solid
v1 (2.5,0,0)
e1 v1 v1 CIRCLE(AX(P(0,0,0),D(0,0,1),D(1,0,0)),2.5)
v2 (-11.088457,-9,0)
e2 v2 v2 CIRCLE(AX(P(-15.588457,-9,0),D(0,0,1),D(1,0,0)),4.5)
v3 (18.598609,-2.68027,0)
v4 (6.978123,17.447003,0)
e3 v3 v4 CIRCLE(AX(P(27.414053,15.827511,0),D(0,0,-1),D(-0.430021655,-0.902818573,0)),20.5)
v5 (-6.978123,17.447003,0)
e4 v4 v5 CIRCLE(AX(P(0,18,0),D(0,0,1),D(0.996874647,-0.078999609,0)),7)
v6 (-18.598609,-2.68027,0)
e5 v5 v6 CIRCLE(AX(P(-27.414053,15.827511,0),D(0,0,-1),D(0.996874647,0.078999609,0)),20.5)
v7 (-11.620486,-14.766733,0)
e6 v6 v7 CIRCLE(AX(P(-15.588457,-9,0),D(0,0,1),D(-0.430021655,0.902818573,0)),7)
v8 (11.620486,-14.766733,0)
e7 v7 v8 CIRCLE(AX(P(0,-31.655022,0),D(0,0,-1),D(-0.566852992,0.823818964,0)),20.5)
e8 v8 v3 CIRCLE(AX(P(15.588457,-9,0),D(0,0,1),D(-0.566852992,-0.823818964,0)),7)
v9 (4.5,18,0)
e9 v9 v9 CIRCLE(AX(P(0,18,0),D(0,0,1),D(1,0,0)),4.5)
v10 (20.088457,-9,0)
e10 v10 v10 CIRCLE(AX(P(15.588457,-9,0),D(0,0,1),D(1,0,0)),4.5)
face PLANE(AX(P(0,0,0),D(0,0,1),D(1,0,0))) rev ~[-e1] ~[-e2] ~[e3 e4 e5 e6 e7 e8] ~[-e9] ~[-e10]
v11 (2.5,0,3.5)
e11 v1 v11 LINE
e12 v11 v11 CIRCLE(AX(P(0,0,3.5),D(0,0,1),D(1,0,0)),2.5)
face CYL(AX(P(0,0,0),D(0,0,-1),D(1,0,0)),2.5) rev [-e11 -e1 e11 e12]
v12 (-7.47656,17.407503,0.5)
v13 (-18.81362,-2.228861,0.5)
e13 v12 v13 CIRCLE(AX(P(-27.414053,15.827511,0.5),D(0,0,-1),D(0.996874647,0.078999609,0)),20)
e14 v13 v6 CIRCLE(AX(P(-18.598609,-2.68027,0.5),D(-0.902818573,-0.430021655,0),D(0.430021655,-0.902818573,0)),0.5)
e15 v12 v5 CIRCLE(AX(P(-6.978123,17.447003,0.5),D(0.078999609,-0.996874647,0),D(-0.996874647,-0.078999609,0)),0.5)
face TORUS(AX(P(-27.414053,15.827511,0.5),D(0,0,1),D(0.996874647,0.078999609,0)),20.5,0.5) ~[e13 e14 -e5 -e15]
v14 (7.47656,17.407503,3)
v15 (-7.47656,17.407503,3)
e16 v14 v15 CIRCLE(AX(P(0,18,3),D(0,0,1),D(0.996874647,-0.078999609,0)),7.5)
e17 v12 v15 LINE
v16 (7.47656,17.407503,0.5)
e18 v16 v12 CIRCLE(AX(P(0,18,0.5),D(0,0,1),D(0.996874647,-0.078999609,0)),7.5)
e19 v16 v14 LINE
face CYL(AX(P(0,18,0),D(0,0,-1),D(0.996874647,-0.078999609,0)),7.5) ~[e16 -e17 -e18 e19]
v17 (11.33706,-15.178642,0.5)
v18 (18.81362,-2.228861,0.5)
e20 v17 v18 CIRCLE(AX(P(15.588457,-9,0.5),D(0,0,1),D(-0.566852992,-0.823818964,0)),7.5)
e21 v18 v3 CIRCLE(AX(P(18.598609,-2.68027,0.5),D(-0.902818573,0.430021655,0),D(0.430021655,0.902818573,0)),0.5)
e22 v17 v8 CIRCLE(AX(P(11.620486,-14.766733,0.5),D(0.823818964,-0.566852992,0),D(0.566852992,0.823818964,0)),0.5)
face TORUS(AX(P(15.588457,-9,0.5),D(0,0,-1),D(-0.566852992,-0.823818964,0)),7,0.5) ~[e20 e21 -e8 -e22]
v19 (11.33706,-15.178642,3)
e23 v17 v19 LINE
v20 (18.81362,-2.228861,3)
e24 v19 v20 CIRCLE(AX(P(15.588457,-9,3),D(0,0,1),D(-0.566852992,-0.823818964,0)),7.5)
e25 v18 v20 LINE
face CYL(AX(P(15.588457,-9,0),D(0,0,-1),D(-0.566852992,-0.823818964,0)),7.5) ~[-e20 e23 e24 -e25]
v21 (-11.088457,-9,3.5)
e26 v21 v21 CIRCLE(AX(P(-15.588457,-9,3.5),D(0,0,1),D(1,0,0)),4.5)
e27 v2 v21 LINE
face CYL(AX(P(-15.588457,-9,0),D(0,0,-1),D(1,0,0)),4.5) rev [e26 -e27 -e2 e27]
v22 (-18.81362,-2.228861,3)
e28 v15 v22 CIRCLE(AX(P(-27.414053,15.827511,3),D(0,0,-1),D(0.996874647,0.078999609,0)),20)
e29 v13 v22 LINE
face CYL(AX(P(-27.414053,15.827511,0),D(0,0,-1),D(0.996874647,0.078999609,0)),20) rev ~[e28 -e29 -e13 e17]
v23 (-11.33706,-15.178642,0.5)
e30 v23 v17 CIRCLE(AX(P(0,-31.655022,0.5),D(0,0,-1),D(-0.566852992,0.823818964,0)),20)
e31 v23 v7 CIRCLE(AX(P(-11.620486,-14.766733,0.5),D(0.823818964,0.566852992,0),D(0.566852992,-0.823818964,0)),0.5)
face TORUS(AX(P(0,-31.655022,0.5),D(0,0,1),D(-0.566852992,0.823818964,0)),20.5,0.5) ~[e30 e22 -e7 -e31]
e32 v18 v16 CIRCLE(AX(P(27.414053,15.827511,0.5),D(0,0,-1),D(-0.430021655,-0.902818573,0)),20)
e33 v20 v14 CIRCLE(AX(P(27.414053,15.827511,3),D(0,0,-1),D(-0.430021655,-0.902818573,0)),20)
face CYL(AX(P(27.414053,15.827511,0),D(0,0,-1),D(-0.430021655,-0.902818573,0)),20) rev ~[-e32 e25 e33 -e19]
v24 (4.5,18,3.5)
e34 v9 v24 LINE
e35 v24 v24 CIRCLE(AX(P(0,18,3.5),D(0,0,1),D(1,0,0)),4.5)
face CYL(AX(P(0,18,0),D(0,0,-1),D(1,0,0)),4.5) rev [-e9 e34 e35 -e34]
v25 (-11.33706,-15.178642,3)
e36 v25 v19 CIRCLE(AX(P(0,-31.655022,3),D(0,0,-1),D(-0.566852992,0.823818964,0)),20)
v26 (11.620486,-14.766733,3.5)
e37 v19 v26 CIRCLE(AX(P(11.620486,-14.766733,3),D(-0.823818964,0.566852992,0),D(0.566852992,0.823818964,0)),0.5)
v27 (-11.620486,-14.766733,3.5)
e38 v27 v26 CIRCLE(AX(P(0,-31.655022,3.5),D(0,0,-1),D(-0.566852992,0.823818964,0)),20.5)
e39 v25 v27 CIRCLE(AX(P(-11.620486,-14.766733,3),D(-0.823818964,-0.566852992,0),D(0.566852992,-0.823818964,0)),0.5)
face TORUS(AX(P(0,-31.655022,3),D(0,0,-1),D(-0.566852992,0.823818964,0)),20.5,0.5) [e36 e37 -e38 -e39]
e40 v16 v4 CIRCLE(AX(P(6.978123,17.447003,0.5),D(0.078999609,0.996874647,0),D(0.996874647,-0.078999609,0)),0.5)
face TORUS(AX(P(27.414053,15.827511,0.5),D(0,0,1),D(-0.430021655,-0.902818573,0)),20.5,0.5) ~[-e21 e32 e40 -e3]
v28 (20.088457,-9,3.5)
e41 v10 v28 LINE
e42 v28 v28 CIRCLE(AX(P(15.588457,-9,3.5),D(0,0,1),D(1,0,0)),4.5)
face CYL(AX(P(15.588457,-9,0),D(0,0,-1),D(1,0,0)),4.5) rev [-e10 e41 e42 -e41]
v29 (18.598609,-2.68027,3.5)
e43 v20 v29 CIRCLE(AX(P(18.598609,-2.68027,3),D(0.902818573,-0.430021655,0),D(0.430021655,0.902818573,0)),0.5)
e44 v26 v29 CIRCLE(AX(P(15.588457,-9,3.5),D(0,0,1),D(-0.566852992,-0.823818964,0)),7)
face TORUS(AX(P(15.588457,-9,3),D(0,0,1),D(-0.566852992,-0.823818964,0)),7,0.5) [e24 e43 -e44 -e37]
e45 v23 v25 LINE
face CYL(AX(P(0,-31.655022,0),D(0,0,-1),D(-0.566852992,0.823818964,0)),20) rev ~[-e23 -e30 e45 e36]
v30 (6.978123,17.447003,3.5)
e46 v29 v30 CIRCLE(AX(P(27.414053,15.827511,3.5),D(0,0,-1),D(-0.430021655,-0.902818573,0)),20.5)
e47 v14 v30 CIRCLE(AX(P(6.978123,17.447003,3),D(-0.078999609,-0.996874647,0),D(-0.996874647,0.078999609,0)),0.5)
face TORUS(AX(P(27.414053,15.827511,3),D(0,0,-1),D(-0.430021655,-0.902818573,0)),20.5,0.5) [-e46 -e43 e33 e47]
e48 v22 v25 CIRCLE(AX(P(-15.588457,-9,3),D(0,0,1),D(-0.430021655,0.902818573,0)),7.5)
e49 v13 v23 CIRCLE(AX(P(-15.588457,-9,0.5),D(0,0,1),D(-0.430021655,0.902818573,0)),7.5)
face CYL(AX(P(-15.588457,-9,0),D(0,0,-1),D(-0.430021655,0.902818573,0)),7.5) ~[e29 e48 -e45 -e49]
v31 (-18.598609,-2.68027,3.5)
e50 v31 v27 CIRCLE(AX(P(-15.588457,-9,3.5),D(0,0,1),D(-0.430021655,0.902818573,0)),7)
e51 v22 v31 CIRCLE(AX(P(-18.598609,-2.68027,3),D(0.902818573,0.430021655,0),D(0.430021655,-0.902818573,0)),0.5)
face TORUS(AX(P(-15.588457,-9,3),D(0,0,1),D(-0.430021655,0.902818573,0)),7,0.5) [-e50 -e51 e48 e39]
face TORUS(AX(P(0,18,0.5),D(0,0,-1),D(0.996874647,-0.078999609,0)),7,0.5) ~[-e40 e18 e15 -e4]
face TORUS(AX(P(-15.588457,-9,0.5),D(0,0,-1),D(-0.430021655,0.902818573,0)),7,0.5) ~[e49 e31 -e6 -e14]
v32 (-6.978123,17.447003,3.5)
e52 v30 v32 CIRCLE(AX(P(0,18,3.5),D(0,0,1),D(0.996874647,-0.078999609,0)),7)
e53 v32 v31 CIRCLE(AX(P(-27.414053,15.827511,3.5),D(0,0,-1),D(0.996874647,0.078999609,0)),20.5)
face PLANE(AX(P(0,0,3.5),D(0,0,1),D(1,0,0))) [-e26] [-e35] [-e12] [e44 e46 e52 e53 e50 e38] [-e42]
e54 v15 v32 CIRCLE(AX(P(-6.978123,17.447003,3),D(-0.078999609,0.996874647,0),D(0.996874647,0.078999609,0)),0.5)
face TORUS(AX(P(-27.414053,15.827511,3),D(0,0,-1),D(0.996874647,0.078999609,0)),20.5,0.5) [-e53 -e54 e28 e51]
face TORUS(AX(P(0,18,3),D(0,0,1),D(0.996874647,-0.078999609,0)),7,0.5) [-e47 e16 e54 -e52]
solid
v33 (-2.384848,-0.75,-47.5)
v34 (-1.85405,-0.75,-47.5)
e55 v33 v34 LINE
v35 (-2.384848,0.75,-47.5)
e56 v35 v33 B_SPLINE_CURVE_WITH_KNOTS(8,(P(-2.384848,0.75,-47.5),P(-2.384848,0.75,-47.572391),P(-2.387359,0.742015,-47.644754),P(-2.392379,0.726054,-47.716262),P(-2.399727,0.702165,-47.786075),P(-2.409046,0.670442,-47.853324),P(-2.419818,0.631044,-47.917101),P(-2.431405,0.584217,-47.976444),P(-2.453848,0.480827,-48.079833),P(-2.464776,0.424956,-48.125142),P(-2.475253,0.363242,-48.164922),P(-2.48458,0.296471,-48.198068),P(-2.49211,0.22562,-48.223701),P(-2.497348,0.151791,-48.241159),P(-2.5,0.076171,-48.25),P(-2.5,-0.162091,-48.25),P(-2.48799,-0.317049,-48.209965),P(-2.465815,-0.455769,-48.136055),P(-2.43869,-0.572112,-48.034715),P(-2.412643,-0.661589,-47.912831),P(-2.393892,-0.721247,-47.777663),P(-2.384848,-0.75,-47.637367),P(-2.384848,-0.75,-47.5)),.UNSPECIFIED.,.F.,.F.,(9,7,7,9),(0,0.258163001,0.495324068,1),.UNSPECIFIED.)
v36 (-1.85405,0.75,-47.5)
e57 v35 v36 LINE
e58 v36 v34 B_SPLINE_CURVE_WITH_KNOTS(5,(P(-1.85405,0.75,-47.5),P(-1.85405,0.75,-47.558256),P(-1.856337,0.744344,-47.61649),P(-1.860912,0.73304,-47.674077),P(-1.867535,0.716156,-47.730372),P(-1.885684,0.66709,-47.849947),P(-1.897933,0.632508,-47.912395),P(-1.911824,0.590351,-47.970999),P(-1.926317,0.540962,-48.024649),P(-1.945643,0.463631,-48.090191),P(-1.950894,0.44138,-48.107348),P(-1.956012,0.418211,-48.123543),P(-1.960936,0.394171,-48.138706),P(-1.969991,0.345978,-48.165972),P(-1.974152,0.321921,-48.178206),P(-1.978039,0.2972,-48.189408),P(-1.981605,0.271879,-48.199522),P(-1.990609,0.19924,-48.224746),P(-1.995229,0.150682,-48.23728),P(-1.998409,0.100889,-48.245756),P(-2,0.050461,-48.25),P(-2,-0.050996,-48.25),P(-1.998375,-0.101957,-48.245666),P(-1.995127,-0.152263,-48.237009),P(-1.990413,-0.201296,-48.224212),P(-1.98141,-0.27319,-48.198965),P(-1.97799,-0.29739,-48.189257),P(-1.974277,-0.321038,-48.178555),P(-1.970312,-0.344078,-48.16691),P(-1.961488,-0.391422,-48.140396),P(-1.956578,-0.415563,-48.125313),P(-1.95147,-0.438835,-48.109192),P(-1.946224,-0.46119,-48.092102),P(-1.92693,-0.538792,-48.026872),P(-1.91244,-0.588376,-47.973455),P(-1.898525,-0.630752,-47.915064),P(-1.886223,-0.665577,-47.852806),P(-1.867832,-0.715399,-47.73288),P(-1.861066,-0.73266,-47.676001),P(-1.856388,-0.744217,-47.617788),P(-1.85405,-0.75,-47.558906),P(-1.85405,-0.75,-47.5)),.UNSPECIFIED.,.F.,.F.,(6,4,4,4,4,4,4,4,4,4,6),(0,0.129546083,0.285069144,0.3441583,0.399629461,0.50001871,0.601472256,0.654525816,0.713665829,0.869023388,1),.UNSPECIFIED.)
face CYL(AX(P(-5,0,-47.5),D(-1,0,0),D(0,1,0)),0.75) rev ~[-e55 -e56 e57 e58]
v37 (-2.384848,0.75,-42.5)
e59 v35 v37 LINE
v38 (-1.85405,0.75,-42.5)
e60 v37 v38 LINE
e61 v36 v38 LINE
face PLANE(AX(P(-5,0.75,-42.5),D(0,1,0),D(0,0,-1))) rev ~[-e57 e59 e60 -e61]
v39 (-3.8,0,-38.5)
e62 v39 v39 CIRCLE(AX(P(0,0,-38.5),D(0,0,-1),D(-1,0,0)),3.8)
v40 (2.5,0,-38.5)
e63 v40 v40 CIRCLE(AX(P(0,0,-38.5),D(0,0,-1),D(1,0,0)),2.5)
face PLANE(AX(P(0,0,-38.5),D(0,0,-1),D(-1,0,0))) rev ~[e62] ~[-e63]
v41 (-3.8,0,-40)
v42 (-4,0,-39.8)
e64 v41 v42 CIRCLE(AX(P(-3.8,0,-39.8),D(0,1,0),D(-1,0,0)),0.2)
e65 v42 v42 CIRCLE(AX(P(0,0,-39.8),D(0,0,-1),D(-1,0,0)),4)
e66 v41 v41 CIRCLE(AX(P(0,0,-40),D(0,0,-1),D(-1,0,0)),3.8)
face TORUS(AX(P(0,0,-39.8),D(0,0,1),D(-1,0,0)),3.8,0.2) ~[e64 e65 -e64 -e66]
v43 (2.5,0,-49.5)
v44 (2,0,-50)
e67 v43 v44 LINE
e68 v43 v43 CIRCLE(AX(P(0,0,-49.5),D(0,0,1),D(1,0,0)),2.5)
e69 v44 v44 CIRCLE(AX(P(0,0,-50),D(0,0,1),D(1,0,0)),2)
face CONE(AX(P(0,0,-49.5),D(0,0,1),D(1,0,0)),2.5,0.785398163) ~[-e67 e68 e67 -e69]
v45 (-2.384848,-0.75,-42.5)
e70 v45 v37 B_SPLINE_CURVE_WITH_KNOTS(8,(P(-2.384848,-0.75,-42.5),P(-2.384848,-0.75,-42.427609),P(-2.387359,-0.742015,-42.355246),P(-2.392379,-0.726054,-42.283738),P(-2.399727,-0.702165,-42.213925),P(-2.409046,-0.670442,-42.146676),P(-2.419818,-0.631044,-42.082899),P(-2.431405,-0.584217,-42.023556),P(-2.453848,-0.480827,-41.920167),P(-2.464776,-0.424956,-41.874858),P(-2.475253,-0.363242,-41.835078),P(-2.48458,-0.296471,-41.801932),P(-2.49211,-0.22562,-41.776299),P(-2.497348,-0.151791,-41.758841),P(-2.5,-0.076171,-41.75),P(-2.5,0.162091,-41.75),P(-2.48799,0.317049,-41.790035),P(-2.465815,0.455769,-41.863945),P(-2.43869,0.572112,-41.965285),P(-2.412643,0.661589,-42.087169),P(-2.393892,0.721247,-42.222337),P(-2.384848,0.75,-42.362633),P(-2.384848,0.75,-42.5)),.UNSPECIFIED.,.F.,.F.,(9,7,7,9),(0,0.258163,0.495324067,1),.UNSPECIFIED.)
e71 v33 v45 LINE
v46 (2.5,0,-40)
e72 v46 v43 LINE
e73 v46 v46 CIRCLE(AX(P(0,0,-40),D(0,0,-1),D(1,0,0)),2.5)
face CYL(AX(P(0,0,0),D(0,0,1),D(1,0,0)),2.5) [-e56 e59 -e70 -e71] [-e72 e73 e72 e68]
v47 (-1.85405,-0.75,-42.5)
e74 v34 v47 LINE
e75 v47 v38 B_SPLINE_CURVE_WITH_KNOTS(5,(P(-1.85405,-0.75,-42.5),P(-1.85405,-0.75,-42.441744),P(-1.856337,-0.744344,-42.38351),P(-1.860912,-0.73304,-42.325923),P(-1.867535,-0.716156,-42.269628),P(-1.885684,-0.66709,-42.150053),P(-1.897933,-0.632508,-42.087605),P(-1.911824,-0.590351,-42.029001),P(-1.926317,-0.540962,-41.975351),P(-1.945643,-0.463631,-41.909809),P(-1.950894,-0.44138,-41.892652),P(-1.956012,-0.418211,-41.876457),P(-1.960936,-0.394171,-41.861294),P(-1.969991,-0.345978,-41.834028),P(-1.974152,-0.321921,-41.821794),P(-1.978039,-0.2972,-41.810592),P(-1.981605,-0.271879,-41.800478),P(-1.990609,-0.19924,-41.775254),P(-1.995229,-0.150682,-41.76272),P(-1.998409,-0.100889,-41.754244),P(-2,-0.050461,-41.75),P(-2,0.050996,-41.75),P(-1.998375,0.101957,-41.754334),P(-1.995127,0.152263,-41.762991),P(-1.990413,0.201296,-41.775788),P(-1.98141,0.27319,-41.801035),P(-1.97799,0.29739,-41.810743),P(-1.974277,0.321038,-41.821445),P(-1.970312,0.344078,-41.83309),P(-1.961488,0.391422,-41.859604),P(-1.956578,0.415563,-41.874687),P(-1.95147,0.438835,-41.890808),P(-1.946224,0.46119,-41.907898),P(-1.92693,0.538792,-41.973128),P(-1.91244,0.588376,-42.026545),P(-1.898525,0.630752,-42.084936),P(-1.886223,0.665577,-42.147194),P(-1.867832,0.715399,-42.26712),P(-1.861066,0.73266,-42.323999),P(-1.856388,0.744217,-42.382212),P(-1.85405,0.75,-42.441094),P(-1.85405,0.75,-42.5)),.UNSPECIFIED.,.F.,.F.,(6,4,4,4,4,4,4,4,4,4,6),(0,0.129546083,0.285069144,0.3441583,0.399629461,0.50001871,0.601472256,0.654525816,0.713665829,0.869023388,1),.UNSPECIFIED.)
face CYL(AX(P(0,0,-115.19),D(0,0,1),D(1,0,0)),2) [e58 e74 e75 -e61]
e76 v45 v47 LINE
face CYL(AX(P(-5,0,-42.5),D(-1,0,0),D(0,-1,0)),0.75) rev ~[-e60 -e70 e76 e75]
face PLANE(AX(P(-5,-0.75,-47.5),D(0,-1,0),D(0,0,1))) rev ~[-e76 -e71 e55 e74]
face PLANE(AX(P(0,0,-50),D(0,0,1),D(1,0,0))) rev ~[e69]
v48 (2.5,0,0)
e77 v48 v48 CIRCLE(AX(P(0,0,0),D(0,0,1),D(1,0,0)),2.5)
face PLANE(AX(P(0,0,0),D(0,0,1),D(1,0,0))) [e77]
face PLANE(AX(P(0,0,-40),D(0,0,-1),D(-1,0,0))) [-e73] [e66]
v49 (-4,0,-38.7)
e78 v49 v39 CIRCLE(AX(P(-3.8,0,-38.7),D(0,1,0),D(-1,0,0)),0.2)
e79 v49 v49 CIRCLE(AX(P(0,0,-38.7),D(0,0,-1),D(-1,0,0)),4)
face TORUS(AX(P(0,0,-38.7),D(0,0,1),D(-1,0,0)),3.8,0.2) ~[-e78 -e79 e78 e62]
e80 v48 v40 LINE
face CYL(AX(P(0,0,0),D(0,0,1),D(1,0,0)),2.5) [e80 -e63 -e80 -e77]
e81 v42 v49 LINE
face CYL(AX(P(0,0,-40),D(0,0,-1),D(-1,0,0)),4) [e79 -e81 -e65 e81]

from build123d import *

# Parameters (mm, degrees)
SKETCH1_R               = 4.5
SKETCH1_R_2             = 2.5
BOSS_EXTRUDE1_DEPTH     = 3.5
SKETCH1_4_R             = 2.5
BOSS_EXTRUDE3_DEPTH     = 50
BOSS_EXTRUDE4_START     = -10
SKETCH5_R               = 4
SKETCH5_R_2             = 2.5
BOSS_EXTRUDE4_DEPTH     = 1.5
CUT_EXTRUDE2_REACH      = 67.69
CUT_EXTRUDE2_END_RADIUS = 2
CUT_EXTRUDE2_START      = -5
CHAMFER1_SIZE           = 0.5
FILLET1_R               = 0.2
FILLET2_R               = 0.5


with BuildPart() as part:
    # Sketch1 → Boss-Extrude1 (new body)
    with BuildSketch(Plane.XY):
        with BuildLine():
            ThreePointArc((7.476559852, 17.407502934), (0, 25.5), (-7.476559852, 17.407502934))
            ThreePointArc((-7.476559852, 17.407502934), (-10.093544717, 5.827510759), (-18.813619684, -2.228860702))
            ThreePointArc((-18.813619684, -2.228860702), (-22.083647797, -12.75), (-11.337059831, -15.178642232))
            ThreePointArc((-11.337059831, -15.178642232), (0, -11.655021518), (11.337059831, -15.178642232))
            ThreePointArc((11.337059831, -15.178642232), (22.083647797, -12.75), (18.813619684, -2.228860702))
            ThreePointArc((18.813619684, -2.228860702), (10.093544717, 5.827510759), (7.476559852, 17.407502934))
        make_face()
        with Locations((0, 18)):
            Circle(SKETCH1_R, mode=Mode.SUBTRACT)
        Circle(SKETCH1_R_2, mode=Mode.SUBTRACT)
        with Locations((-15.588457268, -9)):
            Circle(SKETCH1_R, mode=Mode.SUBTRACT)
        with Locations((15.588457268, -9)):
            Circle(SKETCH1_R, mode=Mode.SUBTRACT)
    extrude(amount=BOSS_EXTRUDE1_DEPTH)

    # Fillet2
    fillet2_edges = [part.edges().sort_by_distance(p)[0] for p in [
        (0, 25.5, 0),
        (-10.093544717, 5.827510759, 3.5),
        (10.093544717, 5.827510759, 0),
        (22.083647797, -12.75, 0),
        (0, -11.655021518, 0),
        (-22.083647797, -12.75, 0),
        (-10.093544717, 5.827510759, 0),
        (-22.083647797, -12.75, 3.5),
        (0, -11.655021518, 3.5),
        (22.083647797, -12.75, 3.5),
        (10.093544717, 5.827510759, 3.5),
        (0, 25.5, 3.5),
    ]]
    fillet(fillet2_edges, radius=FILLET2_R)


with BuildPart() as body_2:
    # Sketch1<4> → Boss-Extrude3 (new body)
    with BuildSketch(Plane.XY):
        Circle(SKETCH1_4_R)
    extrude(amount=-BOSS_EXTRUDE3_DEPTH)

    # Sketch5 → Boss-Extrude4 (add)
    # profile 1 of 2: a face of its own
    with BuildSketch(Plane(origin=(0, 0, -50), x_dir=(-1, 0, 0), z_dir=(0, 0, -1)).offset(BOSS_EXTRUDE4_START)):
        Circle(SKETCH5_R)
        with Locations(Location((0, 0, 0), (0, 0, 180))):
            Circle(SKETCH5_R_2, mode=Mode.SUBTRACT)
    # profile 2 of 2: a face of its own
    with BuildSketch(Plane(origin=(0, 0, -50), x_dir=(-1, 0, 0), z_dir=(0, 0, -1)).offset(BOSS_EXTRUDE4_START)):
        with Locations(Location((0, 0, 0), (0, 0, 180))):
            Circle(SKETCH5_R_2)
    extrude(amount=-BOSS_EXTRUDE4_DEPTH)

    # Cut-Extrude2: up to this cylinder (the profile starts outside it)
    cut_extrude2_end = Plane(origin=(0, 0, -45), z_dir=(0, 0, 1)) * Cylinder(CUT_EXTRUDE2_END_RADIUS, 140.38, mode=Mode.PRIVATE)
    # Sketch6 → Cut-Extrude2 (cut, up to the surface)
    with BuildSketch(Plane(origin=(0, 0, 0), x_dir=(0, 0, -1), z_dir=(1, 0, 0)).offset(CUT_EXTRUDE2_START), mode=Mode.PRIVATE) as cut_extrude2_sk1:
        with BuildLine():
            Line((42.5, 0.75), (47.5, 0.75))
            ThreePointArc((47.5, 0.75), (48.25, 0), (47.5, -0.75))
            Line((47.5, -0.75), (42.5, -0.75))
            ThreePointArc((42.5, -0.75), (41.75, 0), (42.5, 0.75))
        make_face()
    cut_extrude2_tool1 = extrude(cut_extrude2_sk1.sketch, amount=CUT_EXTRUDE2_REACH, mode=Mode.PRIVATE) - cut_extrude2_end
    add(cut_extrude2_tool1.solids().sort_by_distance((-5, 0, -45))[0], mode=Mode.SUBTRACT)

    # Chamfer1
    chamfer1_edges = [body_2.edges().sort_by_distance(p)[0] for p in [
        (-2.5, 0, -50),
    ]]
    chamfer(chamfer1_edges, length=CHAMFER1_SIZE)

    # Fillet1
    fillet1_edges = [body_2.edges().sort_by_distance(p)[0] for p in [
        (4, 0, -38.5),
        (4, 0, -40),
    ]]
    fillet(fillet1_edges, radius=FILLET1_R)


solid = Compound([part.part, body_2.part])
